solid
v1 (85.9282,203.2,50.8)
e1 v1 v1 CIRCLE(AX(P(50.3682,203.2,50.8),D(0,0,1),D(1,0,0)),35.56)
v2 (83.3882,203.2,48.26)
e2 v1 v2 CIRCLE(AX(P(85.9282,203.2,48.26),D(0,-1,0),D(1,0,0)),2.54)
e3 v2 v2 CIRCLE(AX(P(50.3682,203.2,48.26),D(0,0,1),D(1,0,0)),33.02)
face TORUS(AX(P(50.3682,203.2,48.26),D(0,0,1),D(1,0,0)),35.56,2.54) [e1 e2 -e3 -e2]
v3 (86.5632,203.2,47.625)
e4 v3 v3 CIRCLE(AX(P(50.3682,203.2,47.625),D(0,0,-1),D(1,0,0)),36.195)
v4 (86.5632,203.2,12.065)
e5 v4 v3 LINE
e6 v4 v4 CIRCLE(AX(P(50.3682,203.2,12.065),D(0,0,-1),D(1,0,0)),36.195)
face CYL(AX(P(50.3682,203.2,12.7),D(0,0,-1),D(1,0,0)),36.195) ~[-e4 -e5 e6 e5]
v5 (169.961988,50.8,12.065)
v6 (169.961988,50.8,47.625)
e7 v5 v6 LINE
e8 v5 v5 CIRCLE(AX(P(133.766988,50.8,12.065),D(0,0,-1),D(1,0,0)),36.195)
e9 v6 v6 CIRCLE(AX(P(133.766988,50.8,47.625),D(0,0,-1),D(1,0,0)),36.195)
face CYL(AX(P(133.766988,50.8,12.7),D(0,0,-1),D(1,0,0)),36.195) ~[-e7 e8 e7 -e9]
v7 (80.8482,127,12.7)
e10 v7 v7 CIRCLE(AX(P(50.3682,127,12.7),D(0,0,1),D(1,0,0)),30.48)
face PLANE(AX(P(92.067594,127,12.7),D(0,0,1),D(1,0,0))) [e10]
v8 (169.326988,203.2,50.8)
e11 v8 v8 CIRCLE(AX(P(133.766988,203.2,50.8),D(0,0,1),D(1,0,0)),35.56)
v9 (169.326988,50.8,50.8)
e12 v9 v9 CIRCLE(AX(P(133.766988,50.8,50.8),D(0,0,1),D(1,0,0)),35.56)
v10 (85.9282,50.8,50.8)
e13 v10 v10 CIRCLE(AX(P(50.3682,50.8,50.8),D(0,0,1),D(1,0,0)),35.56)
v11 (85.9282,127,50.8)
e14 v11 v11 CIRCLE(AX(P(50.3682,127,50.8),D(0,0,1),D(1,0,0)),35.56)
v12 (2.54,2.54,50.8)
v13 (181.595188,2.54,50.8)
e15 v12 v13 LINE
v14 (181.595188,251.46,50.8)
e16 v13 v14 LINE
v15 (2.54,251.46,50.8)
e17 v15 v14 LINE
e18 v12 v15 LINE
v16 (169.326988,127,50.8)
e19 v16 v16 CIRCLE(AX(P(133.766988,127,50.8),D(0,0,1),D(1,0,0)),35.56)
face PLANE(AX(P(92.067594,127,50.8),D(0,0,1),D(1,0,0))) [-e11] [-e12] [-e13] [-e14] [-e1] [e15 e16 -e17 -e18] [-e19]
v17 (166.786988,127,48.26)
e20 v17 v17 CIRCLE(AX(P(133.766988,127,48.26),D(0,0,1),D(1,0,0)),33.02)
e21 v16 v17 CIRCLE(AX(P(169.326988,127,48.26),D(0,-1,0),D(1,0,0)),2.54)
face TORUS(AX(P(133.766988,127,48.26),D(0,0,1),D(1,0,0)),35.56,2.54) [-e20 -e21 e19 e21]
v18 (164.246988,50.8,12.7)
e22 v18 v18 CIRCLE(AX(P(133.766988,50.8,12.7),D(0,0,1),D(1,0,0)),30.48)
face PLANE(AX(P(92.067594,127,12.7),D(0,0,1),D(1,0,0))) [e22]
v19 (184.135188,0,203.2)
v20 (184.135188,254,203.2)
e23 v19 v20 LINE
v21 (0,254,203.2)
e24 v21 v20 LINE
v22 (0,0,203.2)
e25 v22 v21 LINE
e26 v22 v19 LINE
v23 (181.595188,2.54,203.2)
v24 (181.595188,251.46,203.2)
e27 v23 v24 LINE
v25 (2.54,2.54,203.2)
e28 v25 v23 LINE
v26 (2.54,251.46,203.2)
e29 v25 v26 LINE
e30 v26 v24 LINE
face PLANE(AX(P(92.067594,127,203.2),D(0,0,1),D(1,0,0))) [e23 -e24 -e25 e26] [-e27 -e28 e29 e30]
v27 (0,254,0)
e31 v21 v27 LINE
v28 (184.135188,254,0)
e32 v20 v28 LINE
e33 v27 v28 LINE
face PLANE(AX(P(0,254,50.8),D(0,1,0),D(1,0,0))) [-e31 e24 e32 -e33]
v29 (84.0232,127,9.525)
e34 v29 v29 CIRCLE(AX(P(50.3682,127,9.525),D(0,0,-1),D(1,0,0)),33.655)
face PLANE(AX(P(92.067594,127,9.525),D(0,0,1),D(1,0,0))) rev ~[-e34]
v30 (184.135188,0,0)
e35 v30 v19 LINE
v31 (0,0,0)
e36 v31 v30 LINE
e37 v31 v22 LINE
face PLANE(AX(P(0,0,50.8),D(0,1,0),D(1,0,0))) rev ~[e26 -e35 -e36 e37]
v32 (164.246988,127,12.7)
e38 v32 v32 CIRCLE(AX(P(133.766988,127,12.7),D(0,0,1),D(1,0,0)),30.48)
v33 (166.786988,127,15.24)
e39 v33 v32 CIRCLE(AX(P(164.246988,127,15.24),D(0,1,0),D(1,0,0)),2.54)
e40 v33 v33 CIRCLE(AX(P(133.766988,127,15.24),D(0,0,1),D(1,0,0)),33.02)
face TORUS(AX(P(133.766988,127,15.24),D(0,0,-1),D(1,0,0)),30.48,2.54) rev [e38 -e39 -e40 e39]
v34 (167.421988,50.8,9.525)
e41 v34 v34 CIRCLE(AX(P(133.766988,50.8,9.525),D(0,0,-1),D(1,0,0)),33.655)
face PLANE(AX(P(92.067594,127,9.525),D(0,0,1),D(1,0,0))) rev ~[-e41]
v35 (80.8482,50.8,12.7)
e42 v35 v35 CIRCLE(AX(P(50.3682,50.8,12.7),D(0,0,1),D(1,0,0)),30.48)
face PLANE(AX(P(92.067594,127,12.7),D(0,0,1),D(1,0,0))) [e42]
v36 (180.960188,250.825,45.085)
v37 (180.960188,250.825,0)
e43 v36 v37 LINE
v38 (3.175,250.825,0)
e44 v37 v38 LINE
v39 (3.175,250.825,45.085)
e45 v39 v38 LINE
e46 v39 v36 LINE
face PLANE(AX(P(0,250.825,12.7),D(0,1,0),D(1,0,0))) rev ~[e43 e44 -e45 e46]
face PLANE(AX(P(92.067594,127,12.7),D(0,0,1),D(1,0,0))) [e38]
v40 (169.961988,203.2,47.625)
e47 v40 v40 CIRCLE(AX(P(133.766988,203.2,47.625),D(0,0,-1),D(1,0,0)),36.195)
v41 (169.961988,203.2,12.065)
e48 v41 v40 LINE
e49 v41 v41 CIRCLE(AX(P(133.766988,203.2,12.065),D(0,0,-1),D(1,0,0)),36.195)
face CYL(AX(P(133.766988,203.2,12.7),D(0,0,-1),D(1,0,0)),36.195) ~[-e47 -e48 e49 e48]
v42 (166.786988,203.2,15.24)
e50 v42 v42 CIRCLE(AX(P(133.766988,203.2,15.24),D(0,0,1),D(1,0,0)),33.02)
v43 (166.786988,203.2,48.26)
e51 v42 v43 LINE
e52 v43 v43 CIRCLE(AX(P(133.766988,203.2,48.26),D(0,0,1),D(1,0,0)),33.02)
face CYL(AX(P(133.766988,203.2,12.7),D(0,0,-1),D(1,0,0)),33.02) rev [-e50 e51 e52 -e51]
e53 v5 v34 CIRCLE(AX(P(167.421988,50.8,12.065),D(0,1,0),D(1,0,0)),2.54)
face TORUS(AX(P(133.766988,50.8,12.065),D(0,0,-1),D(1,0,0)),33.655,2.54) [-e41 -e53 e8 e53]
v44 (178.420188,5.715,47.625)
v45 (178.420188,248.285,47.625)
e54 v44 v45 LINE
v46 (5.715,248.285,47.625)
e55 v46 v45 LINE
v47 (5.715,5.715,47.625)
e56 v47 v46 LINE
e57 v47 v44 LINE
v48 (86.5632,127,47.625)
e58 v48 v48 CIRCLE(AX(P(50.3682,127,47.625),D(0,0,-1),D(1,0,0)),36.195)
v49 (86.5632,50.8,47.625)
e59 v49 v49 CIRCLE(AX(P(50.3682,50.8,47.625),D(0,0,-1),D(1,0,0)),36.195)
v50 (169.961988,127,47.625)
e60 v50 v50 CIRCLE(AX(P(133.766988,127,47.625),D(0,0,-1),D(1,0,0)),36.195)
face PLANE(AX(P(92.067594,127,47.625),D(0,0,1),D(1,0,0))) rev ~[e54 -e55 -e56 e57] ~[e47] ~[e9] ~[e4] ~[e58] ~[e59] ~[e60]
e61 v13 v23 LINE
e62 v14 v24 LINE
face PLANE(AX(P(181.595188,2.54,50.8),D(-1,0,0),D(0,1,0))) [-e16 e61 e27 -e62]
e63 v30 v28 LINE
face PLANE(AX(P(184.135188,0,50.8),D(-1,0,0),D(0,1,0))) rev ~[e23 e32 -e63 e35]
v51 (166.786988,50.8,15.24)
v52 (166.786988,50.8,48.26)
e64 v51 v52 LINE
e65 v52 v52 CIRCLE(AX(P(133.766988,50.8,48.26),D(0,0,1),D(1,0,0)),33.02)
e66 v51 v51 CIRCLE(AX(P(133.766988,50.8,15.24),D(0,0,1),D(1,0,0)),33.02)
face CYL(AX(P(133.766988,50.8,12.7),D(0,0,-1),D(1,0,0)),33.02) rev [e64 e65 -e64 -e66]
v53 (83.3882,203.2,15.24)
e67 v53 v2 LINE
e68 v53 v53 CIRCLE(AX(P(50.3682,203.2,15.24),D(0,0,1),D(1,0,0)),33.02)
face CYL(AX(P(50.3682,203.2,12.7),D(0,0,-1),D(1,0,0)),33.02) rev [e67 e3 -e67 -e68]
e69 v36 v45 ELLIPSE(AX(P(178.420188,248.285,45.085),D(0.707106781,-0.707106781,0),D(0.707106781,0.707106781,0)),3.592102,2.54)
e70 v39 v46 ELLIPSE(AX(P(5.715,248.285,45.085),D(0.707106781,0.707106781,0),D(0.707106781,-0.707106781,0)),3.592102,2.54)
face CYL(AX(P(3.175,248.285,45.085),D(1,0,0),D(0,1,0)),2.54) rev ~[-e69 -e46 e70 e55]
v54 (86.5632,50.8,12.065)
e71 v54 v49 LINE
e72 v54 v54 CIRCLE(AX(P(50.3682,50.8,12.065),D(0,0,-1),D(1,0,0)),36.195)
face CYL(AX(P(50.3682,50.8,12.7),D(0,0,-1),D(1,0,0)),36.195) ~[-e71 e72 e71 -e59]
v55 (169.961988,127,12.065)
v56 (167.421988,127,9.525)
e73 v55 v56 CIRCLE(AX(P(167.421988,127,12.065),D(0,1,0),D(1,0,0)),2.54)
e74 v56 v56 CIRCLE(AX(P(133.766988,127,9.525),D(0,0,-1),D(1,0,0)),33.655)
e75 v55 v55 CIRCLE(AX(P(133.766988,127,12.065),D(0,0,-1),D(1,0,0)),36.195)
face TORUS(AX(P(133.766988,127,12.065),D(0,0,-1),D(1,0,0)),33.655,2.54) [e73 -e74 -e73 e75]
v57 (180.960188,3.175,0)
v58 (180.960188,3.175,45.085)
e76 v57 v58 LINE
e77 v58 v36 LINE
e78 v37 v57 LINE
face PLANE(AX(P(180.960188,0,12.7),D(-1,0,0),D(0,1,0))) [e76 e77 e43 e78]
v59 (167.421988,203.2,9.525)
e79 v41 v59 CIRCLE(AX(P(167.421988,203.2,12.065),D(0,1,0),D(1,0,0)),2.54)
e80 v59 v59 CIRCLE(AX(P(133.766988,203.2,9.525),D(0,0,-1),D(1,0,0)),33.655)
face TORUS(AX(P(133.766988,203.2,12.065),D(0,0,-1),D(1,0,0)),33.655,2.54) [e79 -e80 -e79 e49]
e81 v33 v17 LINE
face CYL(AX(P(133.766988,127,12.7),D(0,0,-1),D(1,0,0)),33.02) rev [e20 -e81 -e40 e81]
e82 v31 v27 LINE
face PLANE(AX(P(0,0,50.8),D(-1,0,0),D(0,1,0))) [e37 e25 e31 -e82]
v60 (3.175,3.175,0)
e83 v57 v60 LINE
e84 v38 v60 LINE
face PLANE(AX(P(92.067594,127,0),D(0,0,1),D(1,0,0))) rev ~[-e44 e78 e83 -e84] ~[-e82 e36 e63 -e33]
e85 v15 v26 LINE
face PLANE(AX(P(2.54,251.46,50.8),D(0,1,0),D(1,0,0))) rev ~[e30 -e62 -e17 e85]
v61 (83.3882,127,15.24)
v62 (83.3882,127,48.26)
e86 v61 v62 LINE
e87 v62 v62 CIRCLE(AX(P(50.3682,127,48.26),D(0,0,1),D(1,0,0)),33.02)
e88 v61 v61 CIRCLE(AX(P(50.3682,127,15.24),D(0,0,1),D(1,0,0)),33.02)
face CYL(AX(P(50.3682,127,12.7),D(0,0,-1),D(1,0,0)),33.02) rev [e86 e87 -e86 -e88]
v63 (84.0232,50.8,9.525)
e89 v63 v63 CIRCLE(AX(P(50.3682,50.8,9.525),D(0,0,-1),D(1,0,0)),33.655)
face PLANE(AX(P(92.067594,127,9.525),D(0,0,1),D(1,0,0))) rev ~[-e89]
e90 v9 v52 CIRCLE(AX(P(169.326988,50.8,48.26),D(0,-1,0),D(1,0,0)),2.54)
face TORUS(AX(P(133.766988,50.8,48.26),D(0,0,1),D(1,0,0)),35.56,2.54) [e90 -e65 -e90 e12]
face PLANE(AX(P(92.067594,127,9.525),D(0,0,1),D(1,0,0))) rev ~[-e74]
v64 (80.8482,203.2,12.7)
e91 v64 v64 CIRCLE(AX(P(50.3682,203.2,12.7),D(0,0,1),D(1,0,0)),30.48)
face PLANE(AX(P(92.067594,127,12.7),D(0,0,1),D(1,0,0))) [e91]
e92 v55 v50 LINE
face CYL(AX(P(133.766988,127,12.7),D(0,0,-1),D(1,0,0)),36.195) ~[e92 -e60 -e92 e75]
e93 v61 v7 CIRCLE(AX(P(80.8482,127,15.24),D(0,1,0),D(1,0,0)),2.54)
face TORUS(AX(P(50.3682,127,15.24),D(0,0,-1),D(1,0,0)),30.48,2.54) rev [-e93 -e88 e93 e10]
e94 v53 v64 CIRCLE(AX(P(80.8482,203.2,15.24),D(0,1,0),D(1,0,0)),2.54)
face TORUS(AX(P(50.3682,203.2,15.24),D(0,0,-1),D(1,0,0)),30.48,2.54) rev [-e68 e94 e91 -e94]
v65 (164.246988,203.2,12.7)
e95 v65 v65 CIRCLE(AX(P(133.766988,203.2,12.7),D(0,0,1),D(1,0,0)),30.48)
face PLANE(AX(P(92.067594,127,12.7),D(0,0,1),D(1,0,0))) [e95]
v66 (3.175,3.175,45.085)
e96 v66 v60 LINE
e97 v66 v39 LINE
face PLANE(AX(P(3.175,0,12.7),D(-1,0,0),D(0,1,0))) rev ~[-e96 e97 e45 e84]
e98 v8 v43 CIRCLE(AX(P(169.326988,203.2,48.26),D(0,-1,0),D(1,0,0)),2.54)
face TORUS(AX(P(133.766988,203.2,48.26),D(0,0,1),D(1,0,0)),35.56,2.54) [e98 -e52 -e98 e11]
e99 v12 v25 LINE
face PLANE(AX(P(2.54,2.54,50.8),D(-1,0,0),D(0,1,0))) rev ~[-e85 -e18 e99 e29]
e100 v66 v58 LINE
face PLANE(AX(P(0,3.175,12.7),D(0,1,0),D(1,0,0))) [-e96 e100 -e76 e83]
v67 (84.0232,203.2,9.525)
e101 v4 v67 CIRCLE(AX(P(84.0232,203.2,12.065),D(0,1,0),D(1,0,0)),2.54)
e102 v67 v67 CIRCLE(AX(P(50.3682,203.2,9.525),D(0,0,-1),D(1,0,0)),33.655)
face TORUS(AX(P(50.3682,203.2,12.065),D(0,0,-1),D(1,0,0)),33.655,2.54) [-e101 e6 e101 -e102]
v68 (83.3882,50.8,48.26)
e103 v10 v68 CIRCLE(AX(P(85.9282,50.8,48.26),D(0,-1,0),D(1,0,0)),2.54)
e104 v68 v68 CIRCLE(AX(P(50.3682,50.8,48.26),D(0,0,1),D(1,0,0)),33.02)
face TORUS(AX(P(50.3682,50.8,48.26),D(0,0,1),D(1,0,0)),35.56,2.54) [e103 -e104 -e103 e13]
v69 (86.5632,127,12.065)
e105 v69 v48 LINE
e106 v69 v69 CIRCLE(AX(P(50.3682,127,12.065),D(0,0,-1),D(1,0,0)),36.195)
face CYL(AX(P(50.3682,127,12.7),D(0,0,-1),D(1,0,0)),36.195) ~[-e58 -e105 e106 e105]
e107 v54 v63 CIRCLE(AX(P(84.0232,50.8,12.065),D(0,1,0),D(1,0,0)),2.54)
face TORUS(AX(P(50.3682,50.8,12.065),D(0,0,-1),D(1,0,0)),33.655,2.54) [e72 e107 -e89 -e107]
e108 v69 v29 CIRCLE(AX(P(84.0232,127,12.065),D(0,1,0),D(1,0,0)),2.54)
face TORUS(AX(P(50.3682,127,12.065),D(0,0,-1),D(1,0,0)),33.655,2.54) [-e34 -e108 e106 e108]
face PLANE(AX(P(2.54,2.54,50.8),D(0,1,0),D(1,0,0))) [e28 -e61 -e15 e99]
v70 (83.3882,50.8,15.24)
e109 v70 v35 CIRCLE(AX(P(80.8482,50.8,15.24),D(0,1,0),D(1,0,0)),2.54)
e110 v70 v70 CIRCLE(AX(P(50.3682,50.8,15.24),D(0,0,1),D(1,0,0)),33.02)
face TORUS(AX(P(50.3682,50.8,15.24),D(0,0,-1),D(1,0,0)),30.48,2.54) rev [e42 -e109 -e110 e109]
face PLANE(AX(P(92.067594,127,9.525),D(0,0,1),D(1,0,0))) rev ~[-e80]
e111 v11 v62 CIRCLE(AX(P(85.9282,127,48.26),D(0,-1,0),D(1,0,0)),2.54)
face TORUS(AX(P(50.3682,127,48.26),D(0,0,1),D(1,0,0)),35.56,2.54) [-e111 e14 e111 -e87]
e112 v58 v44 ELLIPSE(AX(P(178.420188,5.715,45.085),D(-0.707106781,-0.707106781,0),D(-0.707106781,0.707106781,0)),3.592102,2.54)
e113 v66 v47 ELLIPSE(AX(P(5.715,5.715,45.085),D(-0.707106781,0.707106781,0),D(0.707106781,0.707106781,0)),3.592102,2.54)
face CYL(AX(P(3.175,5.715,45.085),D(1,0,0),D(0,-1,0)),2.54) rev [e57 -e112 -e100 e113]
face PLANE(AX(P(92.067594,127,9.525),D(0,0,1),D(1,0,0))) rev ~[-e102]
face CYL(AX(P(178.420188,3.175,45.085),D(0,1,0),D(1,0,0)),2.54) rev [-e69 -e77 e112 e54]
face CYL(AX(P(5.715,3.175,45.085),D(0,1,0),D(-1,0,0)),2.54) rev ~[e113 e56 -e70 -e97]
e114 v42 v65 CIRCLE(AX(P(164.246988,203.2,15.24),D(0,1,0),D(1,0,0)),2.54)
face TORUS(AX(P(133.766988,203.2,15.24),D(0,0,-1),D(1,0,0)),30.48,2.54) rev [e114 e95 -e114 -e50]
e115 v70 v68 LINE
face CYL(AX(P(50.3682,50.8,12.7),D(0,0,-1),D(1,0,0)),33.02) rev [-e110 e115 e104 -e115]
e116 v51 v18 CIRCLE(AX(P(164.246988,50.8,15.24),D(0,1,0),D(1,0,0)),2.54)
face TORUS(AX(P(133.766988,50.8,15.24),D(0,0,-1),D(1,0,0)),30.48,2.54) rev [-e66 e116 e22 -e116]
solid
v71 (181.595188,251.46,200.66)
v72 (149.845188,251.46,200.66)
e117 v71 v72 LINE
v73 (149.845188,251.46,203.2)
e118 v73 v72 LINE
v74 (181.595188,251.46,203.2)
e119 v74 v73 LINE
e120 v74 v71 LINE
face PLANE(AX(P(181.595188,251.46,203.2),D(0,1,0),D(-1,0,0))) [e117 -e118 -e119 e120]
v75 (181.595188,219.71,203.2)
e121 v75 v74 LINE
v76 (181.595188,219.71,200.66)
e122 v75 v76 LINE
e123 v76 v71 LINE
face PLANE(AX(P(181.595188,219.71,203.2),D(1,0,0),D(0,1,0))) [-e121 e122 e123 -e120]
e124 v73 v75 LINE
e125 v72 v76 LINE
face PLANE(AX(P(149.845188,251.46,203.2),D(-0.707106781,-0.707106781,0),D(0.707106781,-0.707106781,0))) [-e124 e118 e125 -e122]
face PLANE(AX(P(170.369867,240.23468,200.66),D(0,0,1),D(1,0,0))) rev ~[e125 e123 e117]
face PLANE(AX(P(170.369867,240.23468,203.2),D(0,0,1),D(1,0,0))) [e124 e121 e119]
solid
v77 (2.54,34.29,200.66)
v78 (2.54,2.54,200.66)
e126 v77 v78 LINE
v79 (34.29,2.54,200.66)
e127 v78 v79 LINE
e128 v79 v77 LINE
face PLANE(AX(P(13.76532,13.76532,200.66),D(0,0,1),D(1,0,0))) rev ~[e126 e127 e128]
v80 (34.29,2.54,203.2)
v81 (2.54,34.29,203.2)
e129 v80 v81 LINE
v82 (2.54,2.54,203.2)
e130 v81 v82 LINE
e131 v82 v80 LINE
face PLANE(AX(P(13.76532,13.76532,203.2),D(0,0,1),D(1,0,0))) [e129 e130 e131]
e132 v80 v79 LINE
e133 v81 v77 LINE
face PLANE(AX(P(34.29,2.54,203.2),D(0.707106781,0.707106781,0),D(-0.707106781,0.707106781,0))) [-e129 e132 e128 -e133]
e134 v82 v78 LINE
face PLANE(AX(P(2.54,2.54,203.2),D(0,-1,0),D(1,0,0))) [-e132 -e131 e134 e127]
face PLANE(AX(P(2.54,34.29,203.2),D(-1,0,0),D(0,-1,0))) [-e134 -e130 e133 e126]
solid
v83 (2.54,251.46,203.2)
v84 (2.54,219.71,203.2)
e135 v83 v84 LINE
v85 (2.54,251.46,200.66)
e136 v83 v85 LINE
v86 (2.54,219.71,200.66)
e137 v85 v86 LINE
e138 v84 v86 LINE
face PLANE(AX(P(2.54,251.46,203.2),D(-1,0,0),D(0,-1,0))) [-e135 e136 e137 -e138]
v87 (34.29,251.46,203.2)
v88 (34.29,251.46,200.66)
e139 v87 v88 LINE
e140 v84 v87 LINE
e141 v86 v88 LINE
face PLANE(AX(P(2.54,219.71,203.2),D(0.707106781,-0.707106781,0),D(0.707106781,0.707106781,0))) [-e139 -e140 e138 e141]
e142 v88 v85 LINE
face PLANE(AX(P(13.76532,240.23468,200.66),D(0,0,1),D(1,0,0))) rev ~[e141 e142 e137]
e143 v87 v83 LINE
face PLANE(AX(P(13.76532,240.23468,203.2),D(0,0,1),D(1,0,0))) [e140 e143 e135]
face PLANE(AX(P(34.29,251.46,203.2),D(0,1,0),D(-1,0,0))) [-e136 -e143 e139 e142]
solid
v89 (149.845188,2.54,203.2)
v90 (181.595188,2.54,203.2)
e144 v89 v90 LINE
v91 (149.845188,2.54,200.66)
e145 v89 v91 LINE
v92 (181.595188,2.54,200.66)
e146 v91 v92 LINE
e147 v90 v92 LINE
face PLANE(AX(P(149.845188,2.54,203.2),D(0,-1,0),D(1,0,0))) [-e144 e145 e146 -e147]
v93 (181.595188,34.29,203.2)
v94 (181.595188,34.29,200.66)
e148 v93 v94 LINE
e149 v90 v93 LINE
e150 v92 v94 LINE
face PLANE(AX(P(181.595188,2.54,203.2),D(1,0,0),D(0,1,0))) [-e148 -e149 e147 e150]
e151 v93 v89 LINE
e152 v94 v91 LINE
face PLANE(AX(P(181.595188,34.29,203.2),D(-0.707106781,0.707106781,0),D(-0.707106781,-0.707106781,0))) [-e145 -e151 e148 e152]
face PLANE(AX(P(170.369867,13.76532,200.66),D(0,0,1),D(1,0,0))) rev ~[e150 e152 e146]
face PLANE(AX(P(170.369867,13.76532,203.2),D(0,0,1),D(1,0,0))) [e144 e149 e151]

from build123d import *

# Parameters (mm, degrees)
F0_W      = 184.135187606
F0_H      = 254
F1_DEPTH  = 12.7
F2_W      = 184.135187606
F2_H      = 254
F2_R      = 33.02
F3_DEPTH  = 38.1
F4_T      = -3.175
F5_R      = 2.54
F6_R      = 2.54
F7_W      = 184.135187606
F7_H      = 254
F7_W_2    = 179.055187606
F7_H_2    = 248.92
F8_DEPTH  = 152.4
F10_DEPTH = 2.54


with BuildPart() as f1:
    # F0 (on Top) → F1 (new body)
    with BuildSketch(Plane.XY):
        with Locations((92.067593803, 127)):
            Rectangle(F0_W, F0_H)
    extrude(amount=F1_DEPTH)

    # F2 (on face) → F3 (join)
    with BuildSketch(Plane.XY.offset(12.7)):
        with Locations((92.067593803, 127)):
            Rectangle(F2_W, F2_H)
        with Locations((50.3682, 50.8)):
            Circle(F2_R, mode=Mode.SUBTRACT)
        with Locations((133.766987606, 50.8)):
            Circle(F2_R, mode=Mode.SUBTRACT)
        with Locations((50.3682, 127)):
            Circle(F2_R, mode=Mode.SUBTRACT)
        with Locations((50.3682, 203.2)):
            Circle(F2_R, mode=Mode.SUBTRACT)
        with Locations((133.766987606, 127)):
            Circle(F2_R, mode=Mode.SUBTRACT)
        with Locations((133.766987606, 203.2)):
            Circle(F2_R, mode=Mode.SUBTRACT)
    extrude(amount=F3_DEPTH)

    # F4
    f4_openings = [f1.faces().sort_by_distance(p)[0] for p in [
        (92.067594, 127, 0),
    ]]
    offset(amount=F4_T, openings=f4_openings, kind=Kind.INTERSECTION)

    # F5
    f5_edges = [f1.edges().sort_by_distance(p)[0] for p in [
        (100.746988, 127, 12.7),
        (100.746988, 203.2, 12.7),
        (17.3482, 203.2, 12.7),
        (17.3482, 127, 12.7),
        (17.3482, 50.8, 12.7),
        (100.746988, 50.8, 12.7),
        (100.746988, 127, 50.8),
        (100.746988, 203.2, 50.8),
        (100.746988, 50.8, 50.8),
        (17.3482, 50.8, 50.8),
        (17.3482, 127, 50.8),
        (17.3482, 203.2, 50.8),
    ]]
    fillet(f5_edges, radius=F5_R)

    # F6
    f6_edges = [f1.edges().sort_by_distance(p)[0] for p in [
        (92.067594, 250.825, 47.625),
        (180.960188, 127, 47.625),
        (92.067594, 3.175, 47.625),
        (3.175, 127, 47.625),
        (97.571988, 50.8, 9.525),
        (97.571988, 127, 9.525),
        (97.571988, 203.2, 9.525),
        (14.1732, 203.2, 9.525),
        (14.1732, 127, 9.525),
        (14.1732, 50.8, 9.525),
    ]]
    fillet(f6_edges, radius=F6_R)

    # F7 (on face) → F8 (join)
    with BuildSketch(Plane.XY.offset(50.8)):
        with Locations((92.067593803, 127)):
            Rectangle(F7_W, F7_H)
        with Locations((92.067593803, 127)):
            Rectangle(F7_W_2, F7_H_2, mode=Mode.SUBTRACT)
    extrude(amount=F8_DEPTH)


with BuildPart() as f10:
    # F9 (on face) → F10 (new body)
    with BuildSketch(Plane.XY.offset(203.2)):
        Polygon((34.29, 251.46), (2.54, 251.46), (2.54, 219.71), align=None)
    extrude(amount=-F10_DEPTH)


with BuildPart() as f10b:
    # F9 (on face) → F10, piece 2 (new body)
    with BuildSketch(Plane.XY.offset(203.2)):
        Polygon((34.29, 2.54), (2.54, 34.29), (2.54, 2.54), align=None)
    extrude(amount=-F10_DEPTH)


with BuildPart() as f10c:
    # F9 (on face) → F10, piece 3 (new body)
    with BuildSketch(Plane.XY.offset(203.2)):
        Polygon((181.595187606, 34.29), (149.845187606, 2.54), (181.595187606, 2.54), align=None)
    extrude(amount=-F10_DEPTH)


with BuildPart() as f10d:
    # F9 (on face) → F10, piece 4 (new body)
    with BuildSketch(Plane.XY.offset(203.2)):
        Polygon((181.595187606, 251.46), (149.845187606, 251.46), (181.595187606, 219.71), align=None)
    extrude(amount=-F10_DEPTH)


solid = Compound([f1.part, f10.part, f10b.part, f10c.part, f10d.part])
